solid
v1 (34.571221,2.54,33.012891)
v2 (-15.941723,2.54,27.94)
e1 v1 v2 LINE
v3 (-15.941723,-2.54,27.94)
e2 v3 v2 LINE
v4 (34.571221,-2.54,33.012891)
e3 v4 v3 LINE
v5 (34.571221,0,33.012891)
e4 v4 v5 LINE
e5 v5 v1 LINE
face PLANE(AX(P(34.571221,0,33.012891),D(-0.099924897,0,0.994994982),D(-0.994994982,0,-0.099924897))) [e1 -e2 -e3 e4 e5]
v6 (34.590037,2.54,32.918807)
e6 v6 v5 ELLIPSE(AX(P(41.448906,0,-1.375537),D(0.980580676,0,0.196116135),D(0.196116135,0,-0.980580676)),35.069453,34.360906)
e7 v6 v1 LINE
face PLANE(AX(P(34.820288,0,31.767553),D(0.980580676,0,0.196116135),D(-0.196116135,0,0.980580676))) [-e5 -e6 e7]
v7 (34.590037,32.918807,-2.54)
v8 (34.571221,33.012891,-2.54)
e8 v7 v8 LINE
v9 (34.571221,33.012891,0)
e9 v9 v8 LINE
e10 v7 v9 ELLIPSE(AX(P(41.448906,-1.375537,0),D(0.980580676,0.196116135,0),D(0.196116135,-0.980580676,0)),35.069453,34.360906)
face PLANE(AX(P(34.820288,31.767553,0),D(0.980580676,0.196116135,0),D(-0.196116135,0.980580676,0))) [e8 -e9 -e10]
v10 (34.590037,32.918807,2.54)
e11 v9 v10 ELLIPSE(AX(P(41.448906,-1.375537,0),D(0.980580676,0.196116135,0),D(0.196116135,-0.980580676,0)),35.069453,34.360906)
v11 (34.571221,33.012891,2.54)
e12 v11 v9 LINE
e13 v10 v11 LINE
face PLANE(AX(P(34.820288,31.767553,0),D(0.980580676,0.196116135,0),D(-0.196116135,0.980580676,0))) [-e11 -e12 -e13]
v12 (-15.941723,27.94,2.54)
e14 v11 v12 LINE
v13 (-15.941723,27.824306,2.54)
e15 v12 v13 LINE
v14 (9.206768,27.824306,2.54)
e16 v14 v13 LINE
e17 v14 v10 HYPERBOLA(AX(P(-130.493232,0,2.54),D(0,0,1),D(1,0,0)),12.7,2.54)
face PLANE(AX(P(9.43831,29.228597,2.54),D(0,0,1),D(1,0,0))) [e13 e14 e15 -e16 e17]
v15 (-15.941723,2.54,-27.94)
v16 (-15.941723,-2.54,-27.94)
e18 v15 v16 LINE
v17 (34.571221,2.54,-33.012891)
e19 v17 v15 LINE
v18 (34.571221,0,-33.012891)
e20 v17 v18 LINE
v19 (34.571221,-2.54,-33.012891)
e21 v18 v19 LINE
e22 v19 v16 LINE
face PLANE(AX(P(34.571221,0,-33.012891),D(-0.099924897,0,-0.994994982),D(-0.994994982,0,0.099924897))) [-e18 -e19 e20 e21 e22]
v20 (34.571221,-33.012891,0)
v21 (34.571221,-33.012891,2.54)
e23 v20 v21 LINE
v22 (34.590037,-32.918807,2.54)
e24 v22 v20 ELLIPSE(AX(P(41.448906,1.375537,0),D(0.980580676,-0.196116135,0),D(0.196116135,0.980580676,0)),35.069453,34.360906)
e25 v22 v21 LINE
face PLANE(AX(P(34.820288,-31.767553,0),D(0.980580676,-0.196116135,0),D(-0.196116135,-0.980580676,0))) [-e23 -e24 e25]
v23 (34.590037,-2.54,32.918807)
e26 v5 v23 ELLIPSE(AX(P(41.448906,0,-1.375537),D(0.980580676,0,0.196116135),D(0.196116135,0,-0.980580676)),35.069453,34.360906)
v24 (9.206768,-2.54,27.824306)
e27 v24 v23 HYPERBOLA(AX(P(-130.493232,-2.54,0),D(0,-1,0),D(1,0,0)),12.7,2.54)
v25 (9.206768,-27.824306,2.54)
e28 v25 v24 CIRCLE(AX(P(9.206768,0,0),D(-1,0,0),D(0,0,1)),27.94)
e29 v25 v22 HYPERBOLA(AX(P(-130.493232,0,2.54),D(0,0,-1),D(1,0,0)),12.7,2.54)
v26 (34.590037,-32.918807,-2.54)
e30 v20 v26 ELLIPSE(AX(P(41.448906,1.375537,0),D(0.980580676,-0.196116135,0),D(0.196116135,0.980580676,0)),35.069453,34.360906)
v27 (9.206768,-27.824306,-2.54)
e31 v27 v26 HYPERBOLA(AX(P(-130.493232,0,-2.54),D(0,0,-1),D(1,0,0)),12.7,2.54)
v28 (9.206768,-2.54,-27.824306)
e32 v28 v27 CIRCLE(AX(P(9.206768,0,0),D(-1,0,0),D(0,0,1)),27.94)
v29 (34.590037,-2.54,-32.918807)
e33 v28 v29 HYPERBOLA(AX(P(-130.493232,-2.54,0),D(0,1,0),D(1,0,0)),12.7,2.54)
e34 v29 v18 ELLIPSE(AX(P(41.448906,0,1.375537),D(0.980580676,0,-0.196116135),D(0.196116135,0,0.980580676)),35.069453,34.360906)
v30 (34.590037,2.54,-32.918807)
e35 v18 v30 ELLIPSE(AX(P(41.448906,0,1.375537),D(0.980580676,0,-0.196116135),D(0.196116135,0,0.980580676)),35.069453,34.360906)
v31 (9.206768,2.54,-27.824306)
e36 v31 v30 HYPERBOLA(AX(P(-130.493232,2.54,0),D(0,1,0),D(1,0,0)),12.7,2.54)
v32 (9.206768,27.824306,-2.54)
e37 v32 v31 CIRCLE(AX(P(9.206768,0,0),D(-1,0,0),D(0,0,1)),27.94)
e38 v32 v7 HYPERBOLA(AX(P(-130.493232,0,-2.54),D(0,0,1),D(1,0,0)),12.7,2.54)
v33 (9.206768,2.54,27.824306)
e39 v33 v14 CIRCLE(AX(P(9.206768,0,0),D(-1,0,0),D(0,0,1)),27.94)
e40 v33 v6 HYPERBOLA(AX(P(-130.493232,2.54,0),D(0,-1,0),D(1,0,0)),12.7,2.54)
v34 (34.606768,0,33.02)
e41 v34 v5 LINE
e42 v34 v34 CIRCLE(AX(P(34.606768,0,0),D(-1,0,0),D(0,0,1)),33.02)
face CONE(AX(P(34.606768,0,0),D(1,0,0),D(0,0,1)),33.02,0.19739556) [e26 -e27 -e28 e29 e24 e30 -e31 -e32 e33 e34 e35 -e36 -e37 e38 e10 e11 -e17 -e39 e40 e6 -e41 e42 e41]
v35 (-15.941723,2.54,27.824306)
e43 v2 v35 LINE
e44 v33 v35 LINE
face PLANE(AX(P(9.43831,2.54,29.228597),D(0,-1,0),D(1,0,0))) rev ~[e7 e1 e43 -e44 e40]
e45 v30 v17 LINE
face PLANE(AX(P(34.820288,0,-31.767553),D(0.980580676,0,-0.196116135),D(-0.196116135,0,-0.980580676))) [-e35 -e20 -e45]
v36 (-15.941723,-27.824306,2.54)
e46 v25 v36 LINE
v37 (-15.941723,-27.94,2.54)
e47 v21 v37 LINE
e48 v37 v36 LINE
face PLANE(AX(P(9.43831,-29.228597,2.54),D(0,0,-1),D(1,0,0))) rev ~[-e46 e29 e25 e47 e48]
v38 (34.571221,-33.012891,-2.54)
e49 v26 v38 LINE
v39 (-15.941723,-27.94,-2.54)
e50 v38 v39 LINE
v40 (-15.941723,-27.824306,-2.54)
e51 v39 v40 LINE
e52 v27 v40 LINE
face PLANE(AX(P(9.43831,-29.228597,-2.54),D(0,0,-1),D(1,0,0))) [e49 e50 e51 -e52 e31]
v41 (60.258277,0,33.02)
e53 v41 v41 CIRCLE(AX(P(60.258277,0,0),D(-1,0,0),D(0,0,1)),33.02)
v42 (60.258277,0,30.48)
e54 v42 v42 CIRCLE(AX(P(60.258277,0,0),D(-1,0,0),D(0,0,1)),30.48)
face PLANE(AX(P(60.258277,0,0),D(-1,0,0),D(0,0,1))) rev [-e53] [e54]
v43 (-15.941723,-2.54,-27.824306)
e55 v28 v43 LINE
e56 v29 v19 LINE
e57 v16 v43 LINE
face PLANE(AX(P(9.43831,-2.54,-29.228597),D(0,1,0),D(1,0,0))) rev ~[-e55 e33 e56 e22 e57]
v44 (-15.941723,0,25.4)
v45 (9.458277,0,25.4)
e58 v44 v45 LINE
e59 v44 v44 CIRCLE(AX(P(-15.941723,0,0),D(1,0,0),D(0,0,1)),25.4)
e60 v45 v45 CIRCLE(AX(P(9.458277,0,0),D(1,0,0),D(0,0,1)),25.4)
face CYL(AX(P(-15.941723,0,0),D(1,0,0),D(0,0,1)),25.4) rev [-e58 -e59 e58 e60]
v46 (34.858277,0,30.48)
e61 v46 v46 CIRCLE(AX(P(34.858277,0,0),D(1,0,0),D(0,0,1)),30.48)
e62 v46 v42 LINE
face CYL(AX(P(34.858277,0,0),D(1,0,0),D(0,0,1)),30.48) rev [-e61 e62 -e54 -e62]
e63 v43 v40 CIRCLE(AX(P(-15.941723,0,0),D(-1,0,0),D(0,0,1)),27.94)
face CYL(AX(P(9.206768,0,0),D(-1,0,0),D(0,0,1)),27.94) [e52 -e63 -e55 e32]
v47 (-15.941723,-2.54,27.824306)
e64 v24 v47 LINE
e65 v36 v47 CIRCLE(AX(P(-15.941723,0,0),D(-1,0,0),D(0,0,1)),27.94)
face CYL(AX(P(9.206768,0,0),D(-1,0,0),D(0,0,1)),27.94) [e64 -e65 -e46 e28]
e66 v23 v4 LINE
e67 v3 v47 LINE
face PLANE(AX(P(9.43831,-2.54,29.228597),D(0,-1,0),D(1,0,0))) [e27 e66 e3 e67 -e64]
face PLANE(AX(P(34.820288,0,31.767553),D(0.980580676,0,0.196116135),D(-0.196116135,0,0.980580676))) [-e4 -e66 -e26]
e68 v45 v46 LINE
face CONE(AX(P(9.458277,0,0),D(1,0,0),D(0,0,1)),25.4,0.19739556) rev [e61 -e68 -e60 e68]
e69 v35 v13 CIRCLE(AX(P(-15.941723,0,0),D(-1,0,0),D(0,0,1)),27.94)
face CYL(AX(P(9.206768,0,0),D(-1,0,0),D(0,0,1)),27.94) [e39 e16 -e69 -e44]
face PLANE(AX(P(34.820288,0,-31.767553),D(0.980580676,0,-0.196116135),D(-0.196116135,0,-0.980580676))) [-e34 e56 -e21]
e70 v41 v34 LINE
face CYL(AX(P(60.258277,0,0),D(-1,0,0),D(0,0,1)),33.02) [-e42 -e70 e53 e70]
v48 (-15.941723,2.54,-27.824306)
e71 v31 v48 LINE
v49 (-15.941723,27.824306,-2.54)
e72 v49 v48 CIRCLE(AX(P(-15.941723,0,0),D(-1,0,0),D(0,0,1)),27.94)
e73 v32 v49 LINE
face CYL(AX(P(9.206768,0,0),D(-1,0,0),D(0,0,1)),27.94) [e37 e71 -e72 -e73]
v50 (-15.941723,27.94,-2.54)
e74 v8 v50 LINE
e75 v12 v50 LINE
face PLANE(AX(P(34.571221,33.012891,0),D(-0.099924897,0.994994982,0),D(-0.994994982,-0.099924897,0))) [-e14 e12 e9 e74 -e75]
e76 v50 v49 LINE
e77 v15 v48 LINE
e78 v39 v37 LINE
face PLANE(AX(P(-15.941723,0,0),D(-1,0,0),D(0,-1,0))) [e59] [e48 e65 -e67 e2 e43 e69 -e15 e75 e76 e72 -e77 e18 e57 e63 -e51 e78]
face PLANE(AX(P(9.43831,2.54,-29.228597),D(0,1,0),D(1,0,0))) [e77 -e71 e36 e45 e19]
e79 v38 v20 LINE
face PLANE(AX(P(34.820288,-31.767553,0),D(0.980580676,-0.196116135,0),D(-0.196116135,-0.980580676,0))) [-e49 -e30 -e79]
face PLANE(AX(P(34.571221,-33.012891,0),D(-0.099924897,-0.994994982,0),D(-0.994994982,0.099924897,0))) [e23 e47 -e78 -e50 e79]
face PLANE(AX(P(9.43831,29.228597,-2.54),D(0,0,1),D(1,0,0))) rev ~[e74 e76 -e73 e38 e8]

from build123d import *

# Parameters (mm, degrees)
F3_DEPTH = 2.54
F4_COUNT = 4


with BuildPart() as f1:
    # F0 (on Front) → F1 (revolve)
    with BuildSketch(Plane.XZ):
        Polygon((-15.9417227864, 25.4), (9.4582772136, 25.4), (34.8582772136, 30.48), (60.2582772136, 30.48), (60.2582772136, 33.02), (34.606767649, 33.02), (9.206767649, 27.94), (-15.9417227864, 27.94), align=None)
    revolve(axis=Axis((9.6230469644, 0, 0), (-1, 0, 0)))

    # F2 (on Front) → F3 (join, symmetric)
    with BuildSketch(Plane.XZ):
        Polygon((-15.9417227864, 26.67), (9.3325224313, 26.67), (34.8202880916, 31.767553132), (34.5712205999, 33.0128905902), (-15.9417227864, 27.94), align=None)
    extrude(amount=F3_DEPTH, both=True)

    # F4: F1 ×4 about axis
    f4_axis = Axis((9.6230469644, 0, 0), (-1, 0, 0))


with BuildPart() as f1_1:
    add(f1.part)
    for i in range(1, F4_COUNT):
        add(f1.part.rotate(f4_axis, i * 360 / F4_COUNT))


solid = f1_1.part
